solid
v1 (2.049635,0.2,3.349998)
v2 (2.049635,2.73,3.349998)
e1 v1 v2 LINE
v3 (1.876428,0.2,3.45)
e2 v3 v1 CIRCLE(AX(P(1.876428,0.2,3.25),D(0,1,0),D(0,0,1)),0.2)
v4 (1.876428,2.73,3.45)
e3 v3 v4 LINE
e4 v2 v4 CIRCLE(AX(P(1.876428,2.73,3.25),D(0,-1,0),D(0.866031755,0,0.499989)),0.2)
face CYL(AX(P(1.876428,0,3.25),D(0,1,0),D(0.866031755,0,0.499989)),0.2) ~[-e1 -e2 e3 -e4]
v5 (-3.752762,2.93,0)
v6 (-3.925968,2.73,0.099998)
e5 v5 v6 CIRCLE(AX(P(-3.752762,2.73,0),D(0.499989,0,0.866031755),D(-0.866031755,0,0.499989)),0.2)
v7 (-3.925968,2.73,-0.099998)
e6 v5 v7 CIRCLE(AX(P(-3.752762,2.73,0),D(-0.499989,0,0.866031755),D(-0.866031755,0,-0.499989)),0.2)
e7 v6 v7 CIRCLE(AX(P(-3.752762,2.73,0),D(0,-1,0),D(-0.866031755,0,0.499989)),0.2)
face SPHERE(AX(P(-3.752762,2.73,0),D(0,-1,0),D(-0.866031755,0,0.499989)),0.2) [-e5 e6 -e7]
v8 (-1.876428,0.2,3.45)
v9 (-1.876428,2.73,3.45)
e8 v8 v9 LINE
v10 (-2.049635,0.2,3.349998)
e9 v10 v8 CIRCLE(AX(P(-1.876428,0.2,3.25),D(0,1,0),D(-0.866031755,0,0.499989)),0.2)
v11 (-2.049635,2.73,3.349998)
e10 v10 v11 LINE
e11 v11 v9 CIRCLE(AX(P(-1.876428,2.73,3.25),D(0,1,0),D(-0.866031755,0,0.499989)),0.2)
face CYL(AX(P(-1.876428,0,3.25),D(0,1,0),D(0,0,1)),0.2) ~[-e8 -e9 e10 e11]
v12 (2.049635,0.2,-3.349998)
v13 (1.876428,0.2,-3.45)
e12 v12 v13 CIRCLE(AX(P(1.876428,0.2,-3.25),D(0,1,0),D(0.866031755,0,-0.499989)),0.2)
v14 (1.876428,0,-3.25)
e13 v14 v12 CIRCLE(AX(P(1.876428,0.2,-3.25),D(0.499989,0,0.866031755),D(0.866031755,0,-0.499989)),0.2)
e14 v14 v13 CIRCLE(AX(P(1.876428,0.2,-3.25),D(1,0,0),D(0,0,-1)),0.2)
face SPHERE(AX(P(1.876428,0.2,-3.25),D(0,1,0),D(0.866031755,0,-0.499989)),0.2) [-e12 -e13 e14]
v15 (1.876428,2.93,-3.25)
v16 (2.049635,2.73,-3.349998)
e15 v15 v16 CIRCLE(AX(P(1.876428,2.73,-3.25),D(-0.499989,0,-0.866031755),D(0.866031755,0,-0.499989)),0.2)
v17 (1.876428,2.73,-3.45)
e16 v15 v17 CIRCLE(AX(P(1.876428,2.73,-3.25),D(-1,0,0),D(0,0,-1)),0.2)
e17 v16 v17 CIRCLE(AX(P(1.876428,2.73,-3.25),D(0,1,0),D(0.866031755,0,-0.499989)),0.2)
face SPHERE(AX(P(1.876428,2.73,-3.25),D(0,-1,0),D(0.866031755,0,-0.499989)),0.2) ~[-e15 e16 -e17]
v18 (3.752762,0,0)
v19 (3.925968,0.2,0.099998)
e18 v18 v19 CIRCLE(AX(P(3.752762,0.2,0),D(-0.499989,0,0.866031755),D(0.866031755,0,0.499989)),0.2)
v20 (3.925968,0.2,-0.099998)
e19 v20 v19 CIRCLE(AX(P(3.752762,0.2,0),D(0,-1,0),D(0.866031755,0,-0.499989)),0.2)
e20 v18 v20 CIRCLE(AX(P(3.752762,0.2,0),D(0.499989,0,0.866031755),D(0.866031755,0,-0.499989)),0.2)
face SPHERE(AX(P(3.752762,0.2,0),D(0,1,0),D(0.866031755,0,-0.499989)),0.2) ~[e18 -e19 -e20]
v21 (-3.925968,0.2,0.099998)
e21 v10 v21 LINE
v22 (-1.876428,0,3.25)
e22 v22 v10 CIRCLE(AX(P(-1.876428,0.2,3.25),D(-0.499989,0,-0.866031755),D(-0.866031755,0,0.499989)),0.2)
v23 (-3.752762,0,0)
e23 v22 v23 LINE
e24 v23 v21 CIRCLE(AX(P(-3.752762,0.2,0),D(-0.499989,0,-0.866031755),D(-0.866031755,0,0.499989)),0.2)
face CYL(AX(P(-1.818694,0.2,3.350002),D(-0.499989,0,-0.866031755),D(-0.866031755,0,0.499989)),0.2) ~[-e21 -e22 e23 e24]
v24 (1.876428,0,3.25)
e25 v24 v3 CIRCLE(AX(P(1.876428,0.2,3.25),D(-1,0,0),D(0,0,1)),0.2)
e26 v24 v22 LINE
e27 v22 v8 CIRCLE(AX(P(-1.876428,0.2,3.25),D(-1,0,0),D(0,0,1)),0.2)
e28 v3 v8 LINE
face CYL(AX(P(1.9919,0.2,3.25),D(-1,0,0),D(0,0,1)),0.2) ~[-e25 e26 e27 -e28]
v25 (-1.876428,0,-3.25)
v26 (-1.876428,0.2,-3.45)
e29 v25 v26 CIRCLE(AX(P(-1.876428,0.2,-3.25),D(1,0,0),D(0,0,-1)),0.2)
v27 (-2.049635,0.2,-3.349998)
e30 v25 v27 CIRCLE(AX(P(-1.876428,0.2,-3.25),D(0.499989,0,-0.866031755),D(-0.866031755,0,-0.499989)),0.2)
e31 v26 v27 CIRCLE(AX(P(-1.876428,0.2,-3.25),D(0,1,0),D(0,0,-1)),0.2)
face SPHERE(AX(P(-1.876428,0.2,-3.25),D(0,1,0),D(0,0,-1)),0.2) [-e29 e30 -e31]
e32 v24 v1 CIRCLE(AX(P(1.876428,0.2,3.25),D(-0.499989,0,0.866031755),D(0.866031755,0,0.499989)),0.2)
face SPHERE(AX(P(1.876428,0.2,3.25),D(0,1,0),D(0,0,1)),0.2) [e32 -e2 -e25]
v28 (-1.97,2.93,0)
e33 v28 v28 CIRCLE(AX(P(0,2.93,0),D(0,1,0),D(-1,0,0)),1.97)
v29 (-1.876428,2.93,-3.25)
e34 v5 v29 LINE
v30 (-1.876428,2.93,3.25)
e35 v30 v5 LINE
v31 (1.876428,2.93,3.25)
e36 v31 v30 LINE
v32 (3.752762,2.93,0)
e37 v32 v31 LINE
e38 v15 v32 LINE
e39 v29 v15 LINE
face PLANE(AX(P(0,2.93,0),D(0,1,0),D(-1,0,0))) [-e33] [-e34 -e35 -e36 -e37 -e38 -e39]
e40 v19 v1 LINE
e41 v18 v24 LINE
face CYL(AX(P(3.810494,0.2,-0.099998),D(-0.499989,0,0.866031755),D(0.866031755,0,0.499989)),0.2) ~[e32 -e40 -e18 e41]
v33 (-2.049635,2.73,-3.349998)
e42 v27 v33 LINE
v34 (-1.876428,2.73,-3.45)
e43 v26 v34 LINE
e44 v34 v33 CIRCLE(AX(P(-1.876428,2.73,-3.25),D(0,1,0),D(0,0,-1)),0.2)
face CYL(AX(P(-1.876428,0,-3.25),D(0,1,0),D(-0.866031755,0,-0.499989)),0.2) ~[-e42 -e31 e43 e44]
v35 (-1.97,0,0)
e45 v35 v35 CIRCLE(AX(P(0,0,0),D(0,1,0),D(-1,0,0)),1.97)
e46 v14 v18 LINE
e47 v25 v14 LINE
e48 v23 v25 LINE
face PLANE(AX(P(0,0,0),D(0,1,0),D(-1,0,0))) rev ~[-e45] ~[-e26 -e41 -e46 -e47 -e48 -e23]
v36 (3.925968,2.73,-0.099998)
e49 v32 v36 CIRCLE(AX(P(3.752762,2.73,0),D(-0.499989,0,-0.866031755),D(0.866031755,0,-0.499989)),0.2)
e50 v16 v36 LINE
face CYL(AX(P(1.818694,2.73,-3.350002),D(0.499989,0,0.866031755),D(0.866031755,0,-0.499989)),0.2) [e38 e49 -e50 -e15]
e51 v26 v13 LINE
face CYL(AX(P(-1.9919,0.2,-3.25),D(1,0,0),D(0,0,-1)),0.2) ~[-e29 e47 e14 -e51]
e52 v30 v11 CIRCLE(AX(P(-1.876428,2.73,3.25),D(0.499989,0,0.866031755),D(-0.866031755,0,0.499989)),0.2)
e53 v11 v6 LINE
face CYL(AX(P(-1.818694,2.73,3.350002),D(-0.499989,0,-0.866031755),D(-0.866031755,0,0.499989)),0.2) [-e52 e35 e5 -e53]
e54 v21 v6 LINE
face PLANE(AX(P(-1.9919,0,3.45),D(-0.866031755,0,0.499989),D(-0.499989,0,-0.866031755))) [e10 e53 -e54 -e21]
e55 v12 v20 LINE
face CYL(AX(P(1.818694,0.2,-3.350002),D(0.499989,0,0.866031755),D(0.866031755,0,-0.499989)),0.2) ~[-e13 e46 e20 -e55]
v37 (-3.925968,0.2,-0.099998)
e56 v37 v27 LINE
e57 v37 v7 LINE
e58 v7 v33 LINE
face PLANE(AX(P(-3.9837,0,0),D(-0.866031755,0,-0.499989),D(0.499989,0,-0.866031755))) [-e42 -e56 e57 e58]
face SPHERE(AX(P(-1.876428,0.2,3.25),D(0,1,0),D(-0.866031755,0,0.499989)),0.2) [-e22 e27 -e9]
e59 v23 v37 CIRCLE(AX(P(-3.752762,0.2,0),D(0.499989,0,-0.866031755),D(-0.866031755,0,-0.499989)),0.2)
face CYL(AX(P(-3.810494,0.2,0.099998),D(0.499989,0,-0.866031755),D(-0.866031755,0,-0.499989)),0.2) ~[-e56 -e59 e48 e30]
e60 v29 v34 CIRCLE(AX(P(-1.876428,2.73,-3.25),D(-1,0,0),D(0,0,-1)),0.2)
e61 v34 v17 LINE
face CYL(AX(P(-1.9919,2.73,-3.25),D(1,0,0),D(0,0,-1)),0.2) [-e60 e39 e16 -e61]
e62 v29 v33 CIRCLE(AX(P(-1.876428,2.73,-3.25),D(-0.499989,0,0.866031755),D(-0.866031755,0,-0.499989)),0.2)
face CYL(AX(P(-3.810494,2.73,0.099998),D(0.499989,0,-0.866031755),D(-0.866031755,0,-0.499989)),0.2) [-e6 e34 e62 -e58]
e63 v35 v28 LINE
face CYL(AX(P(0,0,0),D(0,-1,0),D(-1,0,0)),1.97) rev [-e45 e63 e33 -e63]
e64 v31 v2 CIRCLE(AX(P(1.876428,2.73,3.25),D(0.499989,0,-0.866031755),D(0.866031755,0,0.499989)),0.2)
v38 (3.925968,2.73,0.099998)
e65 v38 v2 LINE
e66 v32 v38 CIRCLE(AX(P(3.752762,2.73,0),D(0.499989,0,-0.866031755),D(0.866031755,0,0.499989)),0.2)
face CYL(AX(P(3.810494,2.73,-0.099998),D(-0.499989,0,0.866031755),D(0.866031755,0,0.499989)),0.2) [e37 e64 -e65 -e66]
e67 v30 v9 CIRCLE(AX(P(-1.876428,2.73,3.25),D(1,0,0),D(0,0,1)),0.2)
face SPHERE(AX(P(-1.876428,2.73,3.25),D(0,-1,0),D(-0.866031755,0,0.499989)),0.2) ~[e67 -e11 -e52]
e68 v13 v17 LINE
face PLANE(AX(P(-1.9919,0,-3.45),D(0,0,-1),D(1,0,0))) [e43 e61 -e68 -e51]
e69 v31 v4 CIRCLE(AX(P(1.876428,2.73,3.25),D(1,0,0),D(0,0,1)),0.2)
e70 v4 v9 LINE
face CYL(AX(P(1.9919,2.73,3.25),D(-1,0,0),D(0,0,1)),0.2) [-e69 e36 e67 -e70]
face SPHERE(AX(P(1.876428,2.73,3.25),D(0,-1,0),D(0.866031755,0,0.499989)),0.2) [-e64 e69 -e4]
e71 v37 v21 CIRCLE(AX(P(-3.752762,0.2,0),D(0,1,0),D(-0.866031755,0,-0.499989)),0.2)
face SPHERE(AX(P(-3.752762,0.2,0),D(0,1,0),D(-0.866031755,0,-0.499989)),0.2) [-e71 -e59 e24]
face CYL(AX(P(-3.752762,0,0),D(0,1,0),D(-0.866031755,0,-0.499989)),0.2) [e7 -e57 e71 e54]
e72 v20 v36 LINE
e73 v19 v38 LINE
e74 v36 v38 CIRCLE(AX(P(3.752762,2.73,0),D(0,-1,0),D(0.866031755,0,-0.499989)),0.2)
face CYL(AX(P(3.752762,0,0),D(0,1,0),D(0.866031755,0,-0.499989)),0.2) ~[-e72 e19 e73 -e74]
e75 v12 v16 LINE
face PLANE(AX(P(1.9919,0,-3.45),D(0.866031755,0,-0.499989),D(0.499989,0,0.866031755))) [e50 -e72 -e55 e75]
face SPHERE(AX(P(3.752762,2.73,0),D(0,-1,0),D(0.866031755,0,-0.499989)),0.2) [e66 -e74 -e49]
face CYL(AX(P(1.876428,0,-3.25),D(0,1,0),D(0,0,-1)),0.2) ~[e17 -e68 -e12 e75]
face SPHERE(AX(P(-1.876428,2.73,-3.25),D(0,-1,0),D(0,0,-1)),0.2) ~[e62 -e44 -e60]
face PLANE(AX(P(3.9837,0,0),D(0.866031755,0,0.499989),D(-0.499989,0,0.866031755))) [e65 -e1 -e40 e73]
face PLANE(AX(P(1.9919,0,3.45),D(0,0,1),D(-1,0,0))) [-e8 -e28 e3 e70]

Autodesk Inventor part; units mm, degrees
ref_plane "YZ Plane" through (0, 0, 0) normal (1, 0, 0) x (0, 1, 0)
ref_plane "XZ Plane" through (0, 0, 0) normal (0, 1, 0) x (-1, 0, 0)
ref_plane "XY Plane" through (0, 0, 0) normal (0, 0, 1) x (1, 0, 0)
sketch "Sketch1" plane through (0, 0, 0) normal (0, 1, 0) x (-1, 0, 0)
  line L0 (3.9837, 0) -> (1.9919, -3.45)
  line L1 (1.9919, -3.45) -> (-1.9919, -3.45)
  line L2 (-1.9919, -3.45) -> (-3.9837, 0)
  line L3 (-3.9837, 0) -> (-1.9919, 3.45)
  line L4 (-1.9919, 3.45) -> (1.9919, 3.45)
  line L5 (1.9919, 3.45) -> (3.9837, 0)
  circle A0 centre (0, 0) radius 1.97
  dimension "d0" = 6.9
  dimension "d1" = 3.94
extrude "Extrusion1" add sketch "Sketch1" along normal blind 2.93
fillet "Fillet1" radius 0.2 18 edges at (2.9878, 2.93, 1.725) (0, 2.93, 3.45) (1.9919, 1.465, 3.45) (0, 0, 3.45) (-1.9919, 1.465, 3.45) (2.9878, 0, 1.725) (3.9837, 1.465, 0) (1.9919, 1.465, -3.45) (2.9878, 2.93, -1.725) (2.9878, 0, -1.725) (-1.9919, 1.465, -3.45) (0, 2.93, -3.45) (0, 0, -3.45) (-2.9878, 2.93, 1.725) (-2.9878, 2.93, -1.725) (-3.9837, 1.465, 0) (-2.9878, 0, -1.725) (-2.9878, 0, 1.725)
thread "Thread1" size "M4x0.7" class "6H" standard "ANSI Metric M Profile" full length
properties part number "M4 Nut"
